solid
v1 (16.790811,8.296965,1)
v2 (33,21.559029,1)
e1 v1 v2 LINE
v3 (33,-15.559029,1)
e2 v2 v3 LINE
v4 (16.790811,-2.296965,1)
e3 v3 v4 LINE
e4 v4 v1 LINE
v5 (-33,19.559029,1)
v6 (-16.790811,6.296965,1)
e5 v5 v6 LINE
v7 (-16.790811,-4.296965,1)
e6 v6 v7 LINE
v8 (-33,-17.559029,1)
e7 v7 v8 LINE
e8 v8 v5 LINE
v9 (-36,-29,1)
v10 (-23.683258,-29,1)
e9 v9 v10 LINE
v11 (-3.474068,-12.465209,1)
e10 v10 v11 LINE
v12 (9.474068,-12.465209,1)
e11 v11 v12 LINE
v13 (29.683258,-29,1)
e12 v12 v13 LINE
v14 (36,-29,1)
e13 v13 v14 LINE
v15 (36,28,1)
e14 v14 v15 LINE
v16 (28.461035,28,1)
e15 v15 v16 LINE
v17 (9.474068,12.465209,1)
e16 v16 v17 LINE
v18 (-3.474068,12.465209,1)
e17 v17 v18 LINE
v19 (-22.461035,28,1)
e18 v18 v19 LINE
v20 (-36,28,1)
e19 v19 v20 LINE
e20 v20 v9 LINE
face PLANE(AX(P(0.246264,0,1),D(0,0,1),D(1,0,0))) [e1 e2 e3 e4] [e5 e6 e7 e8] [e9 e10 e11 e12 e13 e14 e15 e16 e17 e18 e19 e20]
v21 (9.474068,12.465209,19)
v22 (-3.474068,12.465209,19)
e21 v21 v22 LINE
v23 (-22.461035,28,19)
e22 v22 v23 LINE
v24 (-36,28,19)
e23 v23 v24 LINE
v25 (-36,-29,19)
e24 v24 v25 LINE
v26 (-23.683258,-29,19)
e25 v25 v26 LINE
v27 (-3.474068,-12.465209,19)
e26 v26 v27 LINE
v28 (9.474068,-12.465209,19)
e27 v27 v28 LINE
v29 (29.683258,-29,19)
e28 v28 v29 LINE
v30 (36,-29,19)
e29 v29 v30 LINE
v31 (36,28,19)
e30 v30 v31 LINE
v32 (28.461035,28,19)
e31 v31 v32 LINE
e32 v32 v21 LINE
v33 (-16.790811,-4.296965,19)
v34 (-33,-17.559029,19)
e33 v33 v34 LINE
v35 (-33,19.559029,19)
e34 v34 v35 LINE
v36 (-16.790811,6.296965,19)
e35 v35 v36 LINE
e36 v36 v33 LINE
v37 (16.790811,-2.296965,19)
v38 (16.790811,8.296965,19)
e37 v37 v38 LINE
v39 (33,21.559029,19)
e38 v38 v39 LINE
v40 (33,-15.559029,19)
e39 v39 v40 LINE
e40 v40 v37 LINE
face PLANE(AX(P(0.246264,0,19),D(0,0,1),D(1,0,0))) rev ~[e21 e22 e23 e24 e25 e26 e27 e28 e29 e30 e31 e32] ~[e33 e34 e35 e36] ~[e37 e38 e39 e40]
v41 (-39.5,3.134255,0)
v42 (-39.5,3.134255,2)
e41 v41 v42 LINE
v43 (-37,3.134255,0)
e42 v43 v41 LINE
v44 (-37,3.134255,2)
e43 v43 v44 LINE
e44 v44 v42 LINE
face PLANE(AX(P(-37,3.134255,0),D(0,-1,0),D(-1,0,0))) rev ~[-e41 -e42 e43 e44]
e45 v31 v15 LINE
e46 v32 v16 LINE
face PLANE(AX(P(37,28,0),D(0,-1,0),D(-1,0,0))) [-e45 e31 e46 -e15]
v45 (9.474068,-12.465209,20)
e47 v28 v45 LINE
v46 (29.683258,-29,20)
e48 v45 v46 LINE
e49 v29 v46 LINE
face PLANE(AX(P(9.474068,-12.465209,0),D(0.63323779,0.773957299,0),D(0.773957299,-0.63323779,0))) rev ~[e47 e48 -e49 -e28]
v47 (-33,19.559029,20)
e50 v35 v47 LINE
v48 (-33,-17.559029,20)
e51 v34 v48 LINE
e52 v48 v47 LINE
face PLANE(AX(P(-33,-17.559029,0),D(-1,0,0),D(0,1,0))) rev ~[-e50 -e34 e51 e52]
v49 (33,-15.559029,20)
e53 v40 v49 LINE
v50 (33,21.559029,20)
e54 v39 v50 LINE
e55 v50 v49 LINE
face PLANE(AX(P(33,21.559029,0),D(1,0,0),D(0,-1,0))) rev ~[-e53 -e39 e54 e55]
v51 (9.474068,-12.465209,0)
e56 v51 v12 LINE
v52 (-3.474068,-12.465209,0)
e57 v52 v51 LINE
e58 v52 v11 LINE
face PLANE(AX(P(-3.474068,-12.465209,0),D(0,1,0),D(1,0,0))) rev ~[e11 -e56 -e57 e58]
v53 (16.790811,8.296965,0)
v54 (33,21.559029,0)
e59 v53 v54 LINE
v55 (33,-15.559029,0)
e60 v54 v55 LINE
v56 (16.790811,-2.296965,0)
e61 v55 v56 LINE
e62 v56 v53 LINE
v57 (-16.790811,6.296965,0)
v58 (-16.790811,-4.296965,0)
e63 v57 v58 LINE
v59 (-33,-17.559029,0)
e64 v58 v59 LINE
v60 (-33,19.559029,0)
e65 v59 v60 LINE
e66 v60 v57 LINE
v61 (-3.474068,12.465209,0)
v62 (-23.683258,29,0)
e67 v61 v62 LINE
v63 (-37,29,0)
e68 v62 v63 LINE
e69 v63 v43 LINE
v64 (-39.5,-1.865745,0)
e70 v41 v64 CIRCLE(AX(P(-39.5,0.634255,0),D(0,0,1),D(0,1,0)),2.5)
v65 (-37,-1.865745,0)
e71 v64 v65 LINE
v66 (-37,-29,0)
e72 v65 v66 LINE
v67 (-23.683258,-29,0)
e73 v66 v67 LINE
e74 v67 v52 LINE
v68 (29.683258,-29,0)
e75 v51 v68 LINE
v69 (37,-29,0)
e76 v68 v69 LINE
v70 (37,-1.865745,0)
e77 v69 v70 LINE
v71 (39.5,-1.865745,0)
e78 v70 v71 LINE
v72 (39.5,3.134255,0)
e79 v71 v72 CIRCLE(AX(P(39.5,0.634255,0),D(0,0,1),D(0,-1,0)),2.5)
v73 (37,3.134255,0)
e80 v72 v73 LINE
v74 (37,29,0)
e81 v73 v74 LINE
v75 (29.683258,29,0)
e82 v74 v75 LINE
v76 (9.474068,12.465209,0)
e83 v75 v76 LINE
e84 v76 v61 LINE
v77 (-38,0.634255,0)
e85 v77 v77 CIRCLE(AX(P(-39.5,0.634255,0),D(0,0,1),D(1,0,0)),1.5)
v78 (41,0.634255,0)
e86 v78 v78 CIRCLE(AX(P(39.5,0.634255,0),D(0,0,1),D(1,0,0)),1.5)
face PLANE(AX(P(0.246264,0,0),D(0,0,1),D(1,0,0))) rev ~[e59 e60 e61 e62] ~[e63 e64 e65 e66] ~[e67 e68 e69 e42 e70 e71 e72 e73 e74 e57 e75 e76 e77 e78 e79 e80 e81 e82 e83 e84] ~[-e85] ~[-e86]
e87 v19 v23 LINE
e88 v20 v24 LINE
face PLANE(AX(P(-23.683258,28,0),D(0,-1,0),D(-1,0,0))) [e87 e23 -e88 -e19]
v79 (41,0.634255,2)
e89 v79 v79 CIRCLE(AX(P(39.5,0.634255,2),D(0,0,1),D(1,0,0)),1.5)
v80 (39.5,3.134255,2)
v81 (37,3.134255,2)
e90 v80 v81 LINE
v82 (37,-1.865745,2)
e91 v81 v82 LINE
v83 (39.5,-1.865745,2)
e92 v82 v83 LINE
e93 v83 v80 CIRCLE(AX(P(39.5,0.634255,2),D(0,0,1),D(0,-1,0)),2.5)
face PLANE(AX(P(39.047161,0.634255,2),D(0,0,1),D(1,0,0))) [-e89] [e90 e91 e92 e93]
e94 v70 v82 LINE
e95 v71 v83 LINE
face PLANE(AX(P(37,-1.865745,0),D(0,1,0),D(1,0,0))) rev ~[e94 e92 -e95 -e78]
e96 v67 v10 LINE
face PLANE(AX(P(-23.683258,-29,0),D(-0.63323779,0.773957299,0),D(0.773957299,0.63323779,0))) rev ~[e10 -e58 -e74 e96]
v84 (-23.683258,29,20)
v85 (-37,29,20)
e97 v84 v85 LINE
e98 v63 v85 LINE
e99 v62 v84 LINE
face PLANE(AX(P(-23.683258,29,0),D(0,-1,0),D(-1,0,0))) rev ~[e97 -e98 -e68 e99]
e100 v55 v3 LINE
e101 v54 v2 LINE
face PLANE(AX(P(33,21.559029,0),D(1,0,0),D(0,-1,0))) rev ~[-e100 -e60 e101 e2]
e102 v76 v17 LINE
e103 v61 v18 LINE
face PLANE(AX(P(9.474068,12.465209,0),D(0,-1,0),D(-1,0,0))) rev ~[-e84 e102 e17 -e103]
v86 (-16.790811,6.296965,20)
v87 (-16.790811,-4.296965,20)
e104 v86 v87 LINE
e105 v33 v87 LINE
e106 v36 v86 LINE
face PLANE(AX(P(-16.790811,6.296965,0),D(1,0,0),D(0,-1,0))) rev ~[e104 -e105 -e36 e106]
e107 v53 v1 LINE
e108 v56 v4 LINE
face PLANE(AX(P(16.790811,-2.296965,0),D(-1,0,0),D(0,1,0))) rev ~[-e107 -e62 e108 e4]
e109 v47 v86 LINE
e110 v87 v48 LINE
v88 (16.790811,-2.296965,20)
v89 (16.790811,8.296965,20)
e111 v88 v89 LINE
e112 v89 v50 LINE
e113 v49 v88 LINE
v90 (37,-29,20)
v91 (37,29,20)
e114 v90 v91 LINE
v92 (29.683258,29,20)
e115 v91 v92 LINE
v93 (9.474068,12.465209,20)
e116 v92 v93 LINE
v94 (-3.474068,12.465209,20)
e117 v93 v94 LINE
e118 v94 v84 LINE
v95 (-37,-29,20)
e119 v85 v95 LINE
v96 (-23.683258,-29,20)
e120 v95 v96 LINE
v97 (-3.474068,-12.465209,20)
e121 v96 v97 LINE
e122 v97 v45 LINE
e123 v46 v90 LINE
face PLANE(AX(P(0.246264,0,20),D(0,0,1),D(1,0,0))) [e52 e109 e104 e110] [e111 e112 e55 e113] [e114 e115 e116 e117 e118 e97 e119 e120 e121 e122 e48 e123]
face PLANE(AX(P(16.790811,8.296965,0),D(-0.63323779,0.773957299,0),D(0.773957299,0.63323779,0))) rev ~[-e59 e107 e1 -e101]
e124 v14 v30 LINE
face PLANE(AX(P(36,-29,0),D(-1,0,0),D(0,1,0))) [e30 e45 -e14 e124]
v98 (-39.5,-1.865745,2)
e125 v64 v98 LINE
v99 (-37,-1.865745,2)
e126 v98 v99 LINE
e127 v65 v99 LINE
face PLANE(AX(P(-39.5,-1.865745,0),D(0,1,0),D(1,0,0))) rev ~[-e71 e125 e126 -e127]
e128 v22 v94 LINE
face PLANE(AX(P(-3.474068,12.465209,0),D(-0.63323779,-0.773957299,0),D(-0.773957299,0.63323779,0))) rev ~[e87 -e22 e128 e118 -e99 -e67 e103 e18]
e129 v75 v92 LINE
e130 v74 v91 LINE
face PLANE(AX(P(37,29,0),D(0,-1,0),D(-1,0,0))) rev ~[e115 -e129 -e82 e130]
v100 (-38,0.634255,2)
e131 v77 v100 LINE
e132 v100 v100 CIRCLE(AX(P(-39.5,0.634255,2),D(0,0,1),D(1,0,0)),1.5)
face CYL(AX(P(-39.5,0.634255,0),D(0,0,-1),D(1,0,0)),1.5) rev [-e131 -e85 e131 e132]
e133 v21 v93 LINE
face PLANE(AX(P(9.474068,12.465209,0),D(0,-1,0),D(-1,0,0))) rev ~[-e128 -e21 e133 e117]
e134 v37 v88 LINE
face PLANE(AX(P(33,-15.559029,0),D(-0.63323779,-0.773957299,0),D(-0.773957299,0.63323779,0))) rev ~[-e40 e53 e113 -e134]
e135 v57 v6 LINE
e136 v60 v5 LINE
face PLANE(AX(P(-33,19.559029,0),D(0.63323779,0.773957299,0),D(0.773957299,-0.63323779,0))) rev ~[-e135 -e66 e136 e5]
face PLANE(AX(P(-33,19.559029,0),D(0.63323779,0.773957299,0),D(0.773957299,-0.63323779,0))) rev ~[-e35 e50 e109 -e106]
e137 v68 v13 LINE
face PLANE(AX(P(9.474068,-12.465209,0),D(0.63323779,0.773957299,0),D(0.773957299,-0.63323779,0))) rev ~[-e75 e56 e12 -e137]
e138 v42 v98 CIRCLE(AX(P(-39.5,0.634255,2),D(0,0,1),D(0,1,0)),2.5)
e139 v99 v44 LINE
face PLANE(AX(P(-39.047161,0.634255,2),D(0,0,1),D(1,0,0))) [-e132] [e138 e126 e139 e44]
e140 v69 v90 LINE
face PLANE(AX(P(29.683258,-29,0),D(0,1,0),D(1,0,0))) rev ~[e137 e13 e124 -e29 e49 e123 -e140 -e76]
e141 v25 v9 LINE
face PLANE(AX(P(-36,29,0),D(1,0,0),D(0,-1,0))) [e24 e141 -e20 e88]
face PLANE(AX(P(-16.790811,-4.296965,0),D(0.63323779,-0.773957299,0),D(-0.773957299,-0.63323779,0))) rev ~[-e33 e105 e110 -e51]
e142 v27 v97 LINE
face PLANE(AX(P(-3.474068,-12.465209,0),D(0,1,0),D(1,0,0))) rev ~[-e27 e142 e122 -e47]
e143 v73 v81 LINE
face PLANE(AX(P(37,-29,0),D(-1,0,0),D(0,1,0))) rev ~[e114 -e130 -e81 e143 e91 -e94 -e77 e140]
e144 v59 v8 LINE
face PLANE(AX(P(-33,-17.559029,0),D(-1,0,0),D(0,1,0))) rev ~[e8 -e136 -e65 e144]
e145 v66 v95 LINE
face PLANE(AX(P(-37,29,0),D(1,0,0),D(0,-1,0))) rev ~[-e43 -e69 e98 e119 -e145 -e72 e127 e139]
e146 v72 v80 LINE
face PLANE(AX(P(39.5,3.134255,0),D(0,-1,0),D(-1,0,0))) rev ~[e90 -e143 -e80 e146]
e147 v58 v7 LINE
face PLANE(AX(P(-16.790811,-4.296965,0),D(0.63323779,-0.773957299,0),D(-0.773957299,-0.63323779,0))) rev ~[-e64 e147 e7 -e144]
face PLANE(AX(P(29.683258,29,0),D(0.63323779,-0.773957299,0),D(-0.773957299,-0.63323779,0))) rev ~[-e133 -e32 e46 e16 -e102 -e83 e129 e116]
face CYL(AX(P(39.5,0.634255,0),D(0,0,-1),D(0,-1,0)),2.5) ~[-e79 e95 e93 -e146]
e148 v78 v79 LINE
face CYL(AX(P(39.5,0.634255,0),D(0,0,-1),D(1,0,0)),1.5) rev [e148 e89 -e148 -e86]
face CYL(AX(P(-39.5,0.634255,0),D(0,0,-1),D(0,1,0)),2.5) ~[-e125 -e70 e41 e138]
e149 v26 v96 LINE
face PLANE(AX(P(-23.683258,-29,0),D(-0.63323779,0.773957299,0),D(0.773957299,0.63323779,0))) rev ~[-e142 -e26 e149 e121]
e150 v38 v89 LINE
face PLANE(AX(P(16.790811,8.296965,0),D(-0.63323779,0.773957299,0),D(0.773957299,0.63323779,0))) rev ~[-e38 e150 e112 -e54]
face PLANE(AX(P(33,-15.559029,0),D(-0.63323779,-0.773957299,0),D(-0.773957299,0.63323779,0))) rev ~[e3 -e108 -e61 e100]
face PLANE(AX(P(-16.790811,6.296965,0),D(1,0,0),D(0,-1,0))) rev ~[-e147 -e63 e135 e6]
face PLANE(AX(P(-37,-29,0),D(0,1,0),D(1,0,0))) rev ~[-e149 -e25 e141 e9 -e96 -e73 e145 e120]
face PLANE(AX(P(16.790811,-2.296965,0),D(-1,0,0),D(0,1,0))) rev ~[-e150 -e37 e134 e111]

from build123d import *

# Parameters (mm, degrees)
BOSS_EXTRUDE2_DEPTH = 20
SHELL2_T            = -1
SKETCH2_R           = 1.5
BOSS_EXTRUDE4_DEPTH = 2


with BuildPart() as part:
    # Sketch1 → Boss-Extrude2 (new body)
    with BuildSketch(Plane.XY):
        Polygon((-3.474068414, 12.465208849), (-23.683257598, 29), (-37, 29), (-37, -29), (-23.683257598, -29), (-3.474068414, -12.465208849), (9.474068414, -12.465208849), (29.683257598, -29), (37, -29), (37, 29), (29.683257598, 29), (9.474068414, 12.465208849), align=None)
        Polygon((-33, 19.559028944), (-16.790810816, 6.296965066), (-16.790810816, -4.296965066), (-33, -17.559028944), align=None, mode=Mode.SUBTRACT)
        Polygon((16.790810816, 8.296965066), (33, 21.559028944), (33, -15.559028944), (16.790810816, -2.296965066), align=None, mode=Mode.SUBTRACT)
    extrude(amount=BOSS_EXTRUDE2_DEPTH)

    # Shell2
    shell2_openings = [part.faces().sort_by_distance(p)[0] for p in [
        (24.895405408, -8.927997005, 10),
        (33, 3, 10),
        (24.895405408, 14.927997005, 10),
        (16.790810816, 3, 10),
        (-16.790810816, 1, 10),
        (-24.895405408, 12.927997005, 10),
        (-33, 1, 10),
        (-24.895405408, -10.927997005, 10),
        (33.341628799, -29, 10),
        (19.578663006, -20.732604425, 10),
        (3, -12.465208849, 10),
        (-13.578663006, -20.732604425, 10),
        (-30.341628799, -29, 10),
        (-13.578663006, 20.732604425, 10),
        (3, 12.465208849, 10),
        (19.578663006, 20.732604425, 10),
    ]]
    offset(amount=SHELL2_T, openings=shell2_openings, kind=Kind.INTERSECTION)

    # Sketch2 → Boss-Extrude4 (add)
    with BuildSketch(Plane.XY):
        with BuildLine():
            Line((-39.5, -1.865744817), (-37, -1.865744817))
            Line((-37, -1.865744817), (-37, 3.134255183))
            Line((-37, 3.134255183), (-39.5, 3.134255183))
            ThreePointArc((-39.5, 3.134255183), (-42, 0.634255183), (-39.5, -1.865744817))
        make_face()
        with Locations((-39.5, 0.634255183)):
            Circle(SKETCH2_R, mode=Mode.SUBTRACT)
        with BuildLine():
            Line((39.5, 3.134255183), (37, 3.134255183))
            Line((37, 3.134255183), (37, -1.865744817))
            Line((37, -1.865744817), (39.5, -1.865744817))
            ThreePointArc((39.5, -1.865744817), (42, 0.634255183), (39.5, 3.134255183))
        make_face()
        with Locations((39.5, 0.634255183)):
            Circle(SKETCH2_R, mode=Mode.SUBTRACT)
    extrude(amount=BOSS_EXTRUDE4_DEPTH)


solid = part.part
